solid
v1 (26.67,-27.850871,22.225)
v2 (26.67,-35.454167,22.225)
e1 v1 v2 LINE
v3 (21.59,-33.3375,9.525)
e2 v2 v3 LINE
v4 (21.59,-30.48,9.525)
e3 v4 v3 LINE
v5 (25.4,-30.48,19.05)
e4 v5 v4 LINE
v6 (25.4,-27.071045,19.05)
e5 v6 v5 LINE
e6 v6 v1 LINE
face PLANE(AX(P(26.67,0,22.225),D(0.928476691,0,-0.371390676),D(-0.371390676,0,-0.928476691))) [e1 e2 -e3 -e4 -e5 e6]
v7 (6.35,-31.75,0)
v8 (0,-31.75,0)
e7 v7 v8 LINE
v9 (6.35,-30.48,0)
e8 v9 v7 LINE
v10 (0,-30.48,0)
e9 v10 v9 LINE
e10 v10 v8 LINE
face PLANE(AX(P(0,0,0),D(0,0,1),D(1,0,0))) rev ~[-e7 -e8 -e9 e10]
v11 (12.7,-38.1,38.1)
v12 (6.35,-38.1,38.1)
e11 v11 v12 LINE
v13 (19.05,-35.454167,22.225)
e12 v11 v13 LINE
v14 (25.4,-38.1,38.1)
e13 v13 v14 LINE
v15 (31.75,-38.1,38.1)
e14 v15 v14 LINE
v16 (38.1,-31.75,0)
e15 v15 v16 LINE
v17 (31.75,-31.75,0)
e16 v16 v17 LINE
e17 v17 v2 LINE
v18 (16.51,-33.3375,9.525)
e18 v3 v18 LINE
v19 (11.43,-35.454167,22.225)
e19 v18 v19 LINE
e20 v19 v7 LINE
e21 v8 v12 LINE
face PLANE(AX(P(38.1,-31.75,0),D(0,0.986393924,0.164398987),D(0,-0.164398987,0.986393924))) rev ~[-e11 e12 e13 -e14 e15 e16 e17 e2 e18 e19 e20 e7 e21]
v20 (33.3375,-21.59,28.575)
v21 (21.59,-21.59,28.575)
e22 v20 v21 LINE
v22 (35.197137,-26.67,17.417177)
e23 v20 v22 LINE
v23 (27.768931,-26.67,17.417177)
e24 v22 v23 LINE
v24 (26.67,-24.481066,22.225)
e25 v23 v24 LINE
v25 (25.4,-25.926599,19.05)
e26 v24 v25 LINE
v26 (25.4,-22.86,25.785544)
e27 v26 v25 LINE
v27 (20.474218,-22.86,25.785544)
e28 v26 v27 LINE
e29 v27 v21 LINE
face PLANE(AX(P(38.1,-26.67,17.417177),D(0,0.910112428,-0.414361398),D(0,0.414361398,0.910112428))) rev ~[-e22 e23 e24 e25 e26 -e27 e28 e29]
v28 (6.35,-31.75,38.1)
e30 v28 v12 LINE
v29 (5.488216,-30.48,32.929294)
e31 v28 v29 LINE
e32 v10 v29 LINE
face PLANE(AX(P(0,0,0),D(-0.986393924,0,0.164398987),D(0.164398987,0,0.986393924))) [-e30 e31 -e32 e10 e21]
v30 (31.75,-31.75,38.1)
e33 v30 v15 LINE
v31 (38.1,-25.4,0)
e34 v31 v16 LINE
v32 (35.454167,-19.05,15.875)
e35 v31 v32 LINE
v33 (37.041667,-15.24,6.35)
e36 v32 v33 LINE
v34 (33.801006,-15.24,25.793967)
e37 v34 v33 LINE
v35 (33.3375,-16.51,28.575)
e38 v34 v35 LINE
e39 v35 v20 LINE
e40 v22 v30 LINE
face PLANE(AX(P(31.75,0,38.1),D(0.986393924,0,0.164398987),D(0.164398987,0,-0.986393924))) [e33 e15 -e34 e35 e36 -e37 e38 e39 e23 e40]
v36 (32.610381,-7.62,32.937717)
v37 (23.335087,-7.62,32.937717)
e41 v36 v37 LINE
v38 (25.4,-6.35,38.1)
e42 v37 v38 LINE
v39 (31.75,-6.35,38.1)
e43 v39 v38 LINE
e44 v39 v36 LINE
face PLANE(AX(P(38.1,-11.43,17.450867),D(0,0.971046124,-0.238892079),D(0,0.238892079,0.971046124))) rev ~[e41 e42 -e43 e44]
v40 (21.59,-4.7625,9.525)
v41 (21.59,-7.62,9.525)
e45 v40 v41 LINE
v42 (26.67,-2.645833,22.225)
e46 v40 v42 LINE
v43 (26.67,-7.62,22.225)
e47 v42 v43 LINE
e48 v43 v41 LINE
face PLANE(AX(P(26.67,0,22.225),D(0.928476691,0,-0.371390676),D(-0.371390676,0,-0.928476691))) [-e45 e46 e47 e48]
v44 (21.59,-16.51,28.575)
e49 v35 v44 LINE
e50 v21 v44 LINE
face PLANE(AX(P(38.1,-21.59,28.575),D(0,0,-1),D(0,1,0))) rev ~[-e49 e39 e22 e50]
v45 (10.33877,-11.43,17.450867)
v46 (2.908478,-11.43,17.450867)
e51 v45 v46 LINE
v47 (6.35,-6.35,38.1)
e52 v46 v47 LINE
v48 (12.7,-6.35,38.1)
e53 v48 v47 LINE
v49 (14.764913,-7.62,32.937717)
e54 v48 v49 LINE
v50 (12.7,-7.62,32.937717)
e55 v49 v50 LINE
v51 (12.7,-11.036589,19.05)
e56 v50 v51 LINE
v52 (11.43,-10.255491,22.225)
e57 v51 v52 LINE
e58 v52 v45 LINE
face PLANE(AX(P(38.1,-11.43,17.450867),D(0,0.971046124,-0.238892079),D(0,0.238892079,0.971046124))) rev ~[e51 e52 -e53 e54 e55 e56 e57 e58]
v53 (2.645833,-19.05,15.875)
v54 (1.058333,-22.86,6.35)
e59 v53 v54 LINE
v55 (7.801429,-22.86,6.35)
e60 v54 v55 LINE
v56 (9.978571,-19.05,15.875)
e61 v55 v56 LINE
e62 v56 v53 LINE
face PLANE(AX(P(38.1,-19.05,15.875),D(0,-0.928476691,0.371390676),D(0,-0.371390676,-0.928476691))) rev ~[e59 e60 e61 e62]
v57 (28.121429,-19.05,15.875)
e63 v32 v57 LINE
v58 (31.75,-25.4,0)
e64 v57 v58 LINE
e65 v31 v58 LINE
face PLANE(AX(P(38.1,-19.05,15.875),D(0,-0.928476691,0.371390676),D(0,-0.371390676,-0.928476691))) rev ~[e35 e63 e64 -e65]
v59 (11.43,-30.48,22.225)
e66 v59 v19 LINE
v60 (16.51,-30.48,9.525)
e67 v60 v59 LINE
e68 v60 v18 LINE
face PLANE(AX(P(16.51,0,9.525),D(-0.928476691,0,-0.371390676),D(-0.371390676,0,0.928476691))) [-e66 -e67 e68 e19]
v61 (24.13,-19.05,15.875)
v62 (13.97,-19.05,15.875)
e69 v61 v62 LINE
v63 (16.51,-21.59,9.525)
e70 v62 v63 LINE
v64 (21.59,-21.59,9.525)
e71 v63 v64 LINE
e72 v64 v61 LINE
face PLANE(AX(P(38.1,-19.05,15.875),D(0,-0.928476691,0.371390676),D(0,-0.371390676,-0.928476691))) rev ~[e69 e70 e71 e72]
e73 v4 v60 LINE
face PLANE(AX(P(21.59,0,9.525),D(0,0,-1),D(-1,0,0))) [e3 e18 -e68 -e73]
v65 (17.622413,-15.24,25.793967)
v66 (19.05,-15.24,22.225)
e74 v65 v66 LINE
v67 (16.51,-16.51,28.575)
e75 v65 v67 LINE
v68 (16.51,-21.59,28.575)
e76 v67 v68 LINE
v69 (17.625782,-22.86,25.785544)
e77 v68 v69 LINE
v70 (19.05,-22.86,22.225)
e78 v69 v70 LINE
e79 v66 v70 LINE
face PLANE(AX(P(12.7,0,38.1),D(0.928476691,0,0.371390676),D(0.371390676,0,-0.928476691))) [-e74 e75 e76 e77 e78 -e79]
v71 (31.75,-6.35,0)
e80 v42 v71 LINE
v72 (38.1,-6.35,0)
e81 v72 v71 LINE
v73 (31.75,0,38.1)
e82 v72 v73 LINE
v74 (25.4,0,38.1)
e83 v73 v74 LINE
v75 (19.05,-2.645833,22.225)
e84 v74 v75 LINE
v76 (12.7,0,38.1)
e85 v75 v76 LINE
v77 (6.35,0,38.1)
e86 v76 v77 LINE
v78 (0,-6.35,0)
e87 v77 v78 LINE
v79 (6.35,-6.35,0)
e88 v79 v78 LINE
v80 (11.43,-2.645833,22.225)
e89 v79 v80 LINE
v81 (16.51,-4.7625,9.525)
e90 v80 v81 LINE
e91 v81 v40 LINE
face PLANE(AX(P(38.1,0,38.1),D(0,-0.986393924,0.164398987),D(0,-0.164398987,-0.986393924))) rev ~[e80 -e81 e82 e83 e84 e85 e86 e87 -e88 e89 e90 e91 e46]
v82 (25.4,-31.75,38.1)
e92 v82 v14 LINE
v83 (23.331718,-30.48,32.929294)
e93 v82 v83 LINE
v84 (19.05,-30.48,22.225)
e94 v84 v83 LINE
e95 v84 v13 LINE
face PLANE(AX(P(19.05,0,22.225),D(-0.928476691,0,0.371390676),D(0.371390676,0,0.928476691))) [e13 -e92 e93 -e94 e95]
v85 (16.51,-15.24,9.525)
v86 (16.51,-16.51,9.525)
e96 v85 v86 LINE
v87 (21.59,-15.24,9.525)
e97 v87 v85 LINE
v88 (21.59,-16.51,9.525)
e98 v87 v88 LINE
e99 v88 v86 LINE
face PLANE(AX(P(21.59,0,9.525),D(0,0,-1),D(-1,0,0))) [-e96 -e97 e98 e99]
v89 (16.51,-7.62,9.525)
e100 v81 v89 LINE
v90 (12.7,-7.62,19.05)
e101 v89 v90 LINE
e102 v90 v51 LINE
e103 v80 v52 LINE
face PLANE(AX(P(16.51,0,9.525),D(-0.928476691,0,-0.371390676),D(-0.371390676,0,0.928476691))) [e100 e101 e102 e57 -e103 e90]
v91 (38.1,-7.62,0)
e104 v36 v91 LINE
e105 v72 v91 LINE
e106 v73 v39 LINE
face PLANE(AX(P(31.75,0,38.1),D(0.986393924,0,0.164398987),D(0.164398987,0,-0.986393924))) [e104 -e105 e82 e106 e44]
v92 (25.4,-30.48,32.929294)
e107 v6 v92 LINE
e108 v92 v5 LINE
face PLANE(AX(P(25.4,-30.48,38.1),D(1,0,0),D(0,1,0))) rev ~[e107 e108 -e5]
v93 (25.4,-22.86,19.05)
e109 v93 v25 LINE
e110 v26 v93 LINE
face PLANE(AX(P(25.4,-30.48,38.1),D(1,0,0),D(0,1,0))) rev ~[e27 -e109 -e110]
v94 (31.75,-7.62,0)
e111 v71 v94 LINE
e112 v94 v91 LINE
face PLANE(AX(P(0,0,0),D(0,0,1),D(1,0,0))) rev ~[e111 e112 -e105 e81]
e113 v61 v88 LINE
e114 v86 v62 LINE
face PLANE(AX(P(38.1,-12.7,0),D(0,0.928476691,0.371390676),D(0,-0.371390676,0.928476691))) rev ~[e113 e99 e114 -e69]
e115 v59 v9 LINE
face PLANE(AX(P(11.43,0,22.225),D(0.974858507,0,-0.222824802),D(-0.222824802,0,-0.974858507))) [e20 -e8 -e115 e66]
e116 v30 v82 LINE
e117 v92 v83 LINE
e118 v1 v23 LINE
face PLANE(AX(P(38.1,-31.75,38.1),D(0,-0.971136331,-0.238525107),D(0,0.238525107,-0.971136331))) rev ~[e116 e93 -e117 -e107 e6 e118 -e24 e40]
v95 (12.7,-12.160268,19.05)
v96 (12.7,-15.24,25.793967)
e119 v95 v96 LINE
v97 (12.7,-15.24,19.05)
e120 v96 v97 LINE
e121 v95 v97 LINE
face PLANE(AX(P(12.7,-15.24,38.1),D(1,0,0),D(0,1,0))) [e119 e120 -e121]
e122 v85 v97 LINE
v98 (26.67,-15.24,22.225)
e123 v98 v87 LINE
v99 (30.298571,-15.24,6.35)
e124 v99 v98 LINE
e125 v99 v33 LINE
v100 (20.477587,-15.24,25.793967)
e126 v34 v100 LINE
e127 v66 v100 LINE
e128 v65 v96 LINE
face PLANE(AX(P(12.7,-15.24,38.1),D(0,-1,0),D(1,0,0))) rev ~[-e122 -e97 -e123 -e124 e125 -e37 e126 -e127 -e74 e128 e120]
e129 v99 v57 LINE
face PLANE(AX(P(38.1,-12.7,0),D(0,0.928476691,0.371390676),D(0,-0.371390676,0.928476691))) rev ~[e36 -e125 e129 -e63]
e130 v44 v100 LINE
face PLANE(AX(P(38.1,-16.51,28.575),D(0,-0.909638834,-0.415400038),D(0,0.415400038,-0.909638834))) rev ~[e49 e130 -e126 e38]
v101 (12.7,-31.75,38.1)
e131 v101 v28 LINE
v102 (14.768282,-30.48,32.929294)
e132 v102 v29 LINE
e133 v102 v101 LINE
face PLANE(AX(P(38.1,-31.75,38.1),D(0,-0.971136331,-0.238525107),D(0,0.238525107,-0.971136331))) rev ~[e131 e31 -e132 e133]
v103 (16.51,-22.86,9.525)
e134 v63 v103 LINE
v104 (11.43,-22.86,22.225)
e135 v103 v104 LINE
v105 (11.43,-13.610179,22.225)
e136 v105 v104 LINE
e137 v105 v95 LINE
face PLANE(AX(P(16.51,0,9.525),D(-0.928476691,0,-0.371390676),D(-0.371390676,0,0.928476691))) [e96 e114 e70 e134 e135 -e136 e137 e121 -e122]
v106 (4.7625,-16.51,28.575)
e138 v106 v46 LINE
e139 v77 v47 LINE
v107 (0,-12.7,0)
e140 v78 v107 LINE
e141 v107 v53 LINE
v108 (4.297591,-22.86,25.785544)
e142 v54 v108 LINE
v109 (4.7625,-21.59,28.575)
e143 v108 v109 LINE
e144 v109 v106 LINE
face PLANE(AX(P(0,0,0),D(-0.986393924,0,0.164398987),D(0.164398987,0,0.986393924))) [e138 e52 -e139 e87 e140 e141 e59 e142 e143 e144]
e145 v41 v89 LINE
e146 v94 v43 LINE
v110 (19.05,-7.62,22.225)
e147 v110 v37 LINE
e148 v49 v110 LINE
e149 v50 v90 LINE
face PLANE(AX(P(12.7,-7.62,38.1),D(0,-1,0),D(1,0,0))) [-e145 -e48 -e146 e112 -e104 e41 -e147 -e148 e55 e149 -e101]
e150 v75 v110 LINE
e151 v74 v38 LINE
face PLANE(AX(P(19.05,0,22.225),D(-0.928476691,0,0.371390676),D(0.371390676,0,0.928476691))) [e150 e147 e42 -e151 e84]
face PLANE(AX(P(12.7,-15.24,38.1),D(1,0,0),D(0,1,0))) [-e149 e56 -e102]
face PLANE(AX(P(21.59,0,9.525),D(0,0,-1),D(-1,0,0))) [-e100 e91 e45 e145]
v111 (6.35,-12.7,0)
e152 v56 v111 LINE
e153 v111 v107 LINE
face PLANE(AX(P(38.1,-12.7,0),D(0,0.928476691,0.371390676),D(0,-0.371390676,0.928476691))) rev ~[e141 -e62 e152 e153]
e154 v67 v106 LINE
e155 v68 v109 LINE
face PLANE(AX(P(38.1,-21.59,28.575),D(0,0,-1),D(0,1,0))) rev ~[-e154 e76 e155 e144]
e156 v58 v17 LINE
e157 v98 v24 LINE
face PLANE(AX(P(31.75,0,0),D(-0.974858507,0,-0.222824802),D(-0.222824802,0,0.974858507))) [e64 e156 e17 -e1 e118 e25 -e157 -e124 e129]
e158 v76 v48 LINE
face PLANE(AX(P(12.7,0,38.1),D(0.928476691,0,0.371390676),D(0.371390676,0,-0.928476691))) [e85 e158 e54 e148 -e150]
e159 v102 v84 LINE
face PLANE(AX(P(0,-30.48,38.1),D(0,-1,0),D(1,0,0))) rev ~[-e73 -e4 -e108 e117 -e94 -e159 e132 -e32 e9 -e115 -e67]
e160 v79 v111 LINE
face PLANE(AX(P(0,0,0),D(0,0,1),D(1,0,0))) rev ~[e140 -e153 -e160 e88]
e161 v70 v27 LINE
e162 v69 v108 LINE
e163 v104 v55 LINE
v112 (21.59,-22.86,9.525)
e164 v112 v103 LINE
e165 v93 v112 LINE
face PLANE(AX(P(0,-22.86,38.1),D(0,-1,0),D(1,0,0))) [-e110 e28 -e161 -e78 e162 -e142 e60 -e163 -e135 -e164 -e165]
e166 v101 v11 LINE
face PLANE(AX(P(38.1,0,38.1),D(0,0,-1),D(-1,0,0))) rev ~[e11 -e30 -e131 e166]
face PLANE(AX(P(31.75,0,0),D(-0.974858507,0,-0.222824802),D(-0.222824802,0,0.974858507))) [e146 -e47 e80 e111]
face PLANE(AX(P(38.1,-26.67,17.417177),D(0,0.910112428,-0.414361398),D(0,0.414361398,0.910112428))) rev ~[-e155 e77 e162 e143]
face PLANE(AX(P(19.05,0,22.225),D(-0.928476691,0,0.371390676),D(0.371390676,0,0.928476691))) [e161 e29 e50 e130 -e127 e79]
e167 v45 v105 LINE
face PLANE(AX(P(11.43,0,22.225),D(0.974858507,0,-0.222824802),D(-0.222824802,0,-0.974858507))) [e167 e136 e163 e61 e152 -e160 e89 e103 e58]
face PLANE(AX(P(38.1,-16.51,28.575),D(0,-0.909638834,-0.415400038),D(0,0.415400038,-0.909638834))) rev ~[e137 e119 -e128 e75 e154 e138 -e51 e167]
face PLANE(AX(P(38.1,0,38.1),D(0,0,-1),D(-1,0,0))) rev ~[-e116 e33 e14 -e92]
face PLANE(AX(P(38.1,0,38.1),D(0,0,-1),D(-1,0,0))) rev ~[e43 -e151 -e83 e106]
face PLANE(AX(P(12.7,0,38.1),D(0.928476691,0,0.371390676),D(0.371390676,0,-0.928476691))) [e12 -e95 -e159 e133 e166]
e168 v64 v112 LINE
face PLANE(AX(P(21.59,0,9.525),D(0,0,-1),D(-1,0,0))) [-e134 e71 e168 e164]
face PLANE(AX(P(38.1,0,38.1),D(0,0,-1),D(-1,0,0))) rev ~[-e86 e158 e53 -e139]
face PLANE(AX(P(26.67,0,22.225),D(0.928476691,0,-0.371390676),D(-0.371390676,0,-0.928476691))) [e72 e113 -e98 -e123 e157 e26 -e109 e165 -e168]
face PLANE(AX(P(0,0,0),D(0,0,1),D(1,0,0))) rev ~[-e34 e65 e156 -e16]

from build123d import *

# Parameters (mm, degrees)
F1_DEPTH = 38.1
F5_DEPTH = 38.1
F6_DEPTH = 38.1
F7_W     = 25.4
F7_H     = 7.62
F8_DEPTH = 38.1


with BuildPart() as f1:
    # F0 (on Front) → F1 (new body)
    with BuildSketch(Plane.XZ):
        Polygon((6.35, 38.1), (0, 0), (6.35, 0), (11.43, 22.225), (16.51, 9.525), (21.59, 9.525), (26.67, 22.225), (31.75, 0), (38.1, 0), (31.75, 38.1), (25.4, 38.1), (19.05, 22.225), (12.7, 38.1), align=None)
        Polygon((0, 38.1), (0, 0), (6.35, 38.1), align=None)
        Polygon((11.43, 22.225), (6.35, 0), (31.75, 0), (26.67, 22.225), (21.59, 9.525), (16.51, 9.525), align=None)
        Polygon((25.4, 38.1), (12.7, 38.1), (19.05, 22.225), align=None)
        Polygon((31.75, 38.1), (38.1, 0), (38.1, 38.1), align=None)
    extrude(amount=F1_DEPTH)

    # F4 (on offset) → F5 (cut)
    with BuildSketch(Plane.YZ.offset(38.1)):
        Polygon((-31.75, 0), (-38.1, 38.1), (-38.1, 0), align=None)
        Polygon((-11.43, 17.450867), (-6.35, 38.1), (-31.75, 38.1), (-26.67, 17.417177), (-21.59, 28.575), (-16.51, 28.575), align=None)
        Polygon((-25.4, 0), (-12.7, 0), (-19.05, 15.875), align=None)
        Polygon((-6.35, 0), (0, 0), (0, 38.1), align=None)
    extrude(amount=-F5_DEPTH, mode=Mode.SUBTRACT)

    # F0 (on Front) → F6 (cut)
    with BuildSketch(Plane.XZ):
        Polygon((31.75, 38.1), (38.1, 0), (38.1, 38.1), align=None)
        Polygon((25.4, 38.1), (12.7, 38.1), (19.05, 22.225), align=None)
        Polygon((0, 38.1), (0, 0), (6.35, 38.1), align=None)
        Polygon((11.43, 22.225), (6.35, 0), (31.75, 0), (26.67, 22.225), (21.59, 9.525), (16.51, 9.525), align=None)
    extrude(amount=F6_DEPTH, mode=Mode.SUBTRACT)

    # F7 (on offset) → F8 (cut)
    with BuildSketch(Plane.XY.offset(38.1)):
        with Locations((12.7, -26.67)):
            Rectangle(F7_W, F7_H)
        with Locations((25.4, -11.43)):
            Rectangle(F7_W, F7_H)
    extrude(amount=-F8_DEPTH, mode=Mode.SUBTRACT)


solid = f1.part
